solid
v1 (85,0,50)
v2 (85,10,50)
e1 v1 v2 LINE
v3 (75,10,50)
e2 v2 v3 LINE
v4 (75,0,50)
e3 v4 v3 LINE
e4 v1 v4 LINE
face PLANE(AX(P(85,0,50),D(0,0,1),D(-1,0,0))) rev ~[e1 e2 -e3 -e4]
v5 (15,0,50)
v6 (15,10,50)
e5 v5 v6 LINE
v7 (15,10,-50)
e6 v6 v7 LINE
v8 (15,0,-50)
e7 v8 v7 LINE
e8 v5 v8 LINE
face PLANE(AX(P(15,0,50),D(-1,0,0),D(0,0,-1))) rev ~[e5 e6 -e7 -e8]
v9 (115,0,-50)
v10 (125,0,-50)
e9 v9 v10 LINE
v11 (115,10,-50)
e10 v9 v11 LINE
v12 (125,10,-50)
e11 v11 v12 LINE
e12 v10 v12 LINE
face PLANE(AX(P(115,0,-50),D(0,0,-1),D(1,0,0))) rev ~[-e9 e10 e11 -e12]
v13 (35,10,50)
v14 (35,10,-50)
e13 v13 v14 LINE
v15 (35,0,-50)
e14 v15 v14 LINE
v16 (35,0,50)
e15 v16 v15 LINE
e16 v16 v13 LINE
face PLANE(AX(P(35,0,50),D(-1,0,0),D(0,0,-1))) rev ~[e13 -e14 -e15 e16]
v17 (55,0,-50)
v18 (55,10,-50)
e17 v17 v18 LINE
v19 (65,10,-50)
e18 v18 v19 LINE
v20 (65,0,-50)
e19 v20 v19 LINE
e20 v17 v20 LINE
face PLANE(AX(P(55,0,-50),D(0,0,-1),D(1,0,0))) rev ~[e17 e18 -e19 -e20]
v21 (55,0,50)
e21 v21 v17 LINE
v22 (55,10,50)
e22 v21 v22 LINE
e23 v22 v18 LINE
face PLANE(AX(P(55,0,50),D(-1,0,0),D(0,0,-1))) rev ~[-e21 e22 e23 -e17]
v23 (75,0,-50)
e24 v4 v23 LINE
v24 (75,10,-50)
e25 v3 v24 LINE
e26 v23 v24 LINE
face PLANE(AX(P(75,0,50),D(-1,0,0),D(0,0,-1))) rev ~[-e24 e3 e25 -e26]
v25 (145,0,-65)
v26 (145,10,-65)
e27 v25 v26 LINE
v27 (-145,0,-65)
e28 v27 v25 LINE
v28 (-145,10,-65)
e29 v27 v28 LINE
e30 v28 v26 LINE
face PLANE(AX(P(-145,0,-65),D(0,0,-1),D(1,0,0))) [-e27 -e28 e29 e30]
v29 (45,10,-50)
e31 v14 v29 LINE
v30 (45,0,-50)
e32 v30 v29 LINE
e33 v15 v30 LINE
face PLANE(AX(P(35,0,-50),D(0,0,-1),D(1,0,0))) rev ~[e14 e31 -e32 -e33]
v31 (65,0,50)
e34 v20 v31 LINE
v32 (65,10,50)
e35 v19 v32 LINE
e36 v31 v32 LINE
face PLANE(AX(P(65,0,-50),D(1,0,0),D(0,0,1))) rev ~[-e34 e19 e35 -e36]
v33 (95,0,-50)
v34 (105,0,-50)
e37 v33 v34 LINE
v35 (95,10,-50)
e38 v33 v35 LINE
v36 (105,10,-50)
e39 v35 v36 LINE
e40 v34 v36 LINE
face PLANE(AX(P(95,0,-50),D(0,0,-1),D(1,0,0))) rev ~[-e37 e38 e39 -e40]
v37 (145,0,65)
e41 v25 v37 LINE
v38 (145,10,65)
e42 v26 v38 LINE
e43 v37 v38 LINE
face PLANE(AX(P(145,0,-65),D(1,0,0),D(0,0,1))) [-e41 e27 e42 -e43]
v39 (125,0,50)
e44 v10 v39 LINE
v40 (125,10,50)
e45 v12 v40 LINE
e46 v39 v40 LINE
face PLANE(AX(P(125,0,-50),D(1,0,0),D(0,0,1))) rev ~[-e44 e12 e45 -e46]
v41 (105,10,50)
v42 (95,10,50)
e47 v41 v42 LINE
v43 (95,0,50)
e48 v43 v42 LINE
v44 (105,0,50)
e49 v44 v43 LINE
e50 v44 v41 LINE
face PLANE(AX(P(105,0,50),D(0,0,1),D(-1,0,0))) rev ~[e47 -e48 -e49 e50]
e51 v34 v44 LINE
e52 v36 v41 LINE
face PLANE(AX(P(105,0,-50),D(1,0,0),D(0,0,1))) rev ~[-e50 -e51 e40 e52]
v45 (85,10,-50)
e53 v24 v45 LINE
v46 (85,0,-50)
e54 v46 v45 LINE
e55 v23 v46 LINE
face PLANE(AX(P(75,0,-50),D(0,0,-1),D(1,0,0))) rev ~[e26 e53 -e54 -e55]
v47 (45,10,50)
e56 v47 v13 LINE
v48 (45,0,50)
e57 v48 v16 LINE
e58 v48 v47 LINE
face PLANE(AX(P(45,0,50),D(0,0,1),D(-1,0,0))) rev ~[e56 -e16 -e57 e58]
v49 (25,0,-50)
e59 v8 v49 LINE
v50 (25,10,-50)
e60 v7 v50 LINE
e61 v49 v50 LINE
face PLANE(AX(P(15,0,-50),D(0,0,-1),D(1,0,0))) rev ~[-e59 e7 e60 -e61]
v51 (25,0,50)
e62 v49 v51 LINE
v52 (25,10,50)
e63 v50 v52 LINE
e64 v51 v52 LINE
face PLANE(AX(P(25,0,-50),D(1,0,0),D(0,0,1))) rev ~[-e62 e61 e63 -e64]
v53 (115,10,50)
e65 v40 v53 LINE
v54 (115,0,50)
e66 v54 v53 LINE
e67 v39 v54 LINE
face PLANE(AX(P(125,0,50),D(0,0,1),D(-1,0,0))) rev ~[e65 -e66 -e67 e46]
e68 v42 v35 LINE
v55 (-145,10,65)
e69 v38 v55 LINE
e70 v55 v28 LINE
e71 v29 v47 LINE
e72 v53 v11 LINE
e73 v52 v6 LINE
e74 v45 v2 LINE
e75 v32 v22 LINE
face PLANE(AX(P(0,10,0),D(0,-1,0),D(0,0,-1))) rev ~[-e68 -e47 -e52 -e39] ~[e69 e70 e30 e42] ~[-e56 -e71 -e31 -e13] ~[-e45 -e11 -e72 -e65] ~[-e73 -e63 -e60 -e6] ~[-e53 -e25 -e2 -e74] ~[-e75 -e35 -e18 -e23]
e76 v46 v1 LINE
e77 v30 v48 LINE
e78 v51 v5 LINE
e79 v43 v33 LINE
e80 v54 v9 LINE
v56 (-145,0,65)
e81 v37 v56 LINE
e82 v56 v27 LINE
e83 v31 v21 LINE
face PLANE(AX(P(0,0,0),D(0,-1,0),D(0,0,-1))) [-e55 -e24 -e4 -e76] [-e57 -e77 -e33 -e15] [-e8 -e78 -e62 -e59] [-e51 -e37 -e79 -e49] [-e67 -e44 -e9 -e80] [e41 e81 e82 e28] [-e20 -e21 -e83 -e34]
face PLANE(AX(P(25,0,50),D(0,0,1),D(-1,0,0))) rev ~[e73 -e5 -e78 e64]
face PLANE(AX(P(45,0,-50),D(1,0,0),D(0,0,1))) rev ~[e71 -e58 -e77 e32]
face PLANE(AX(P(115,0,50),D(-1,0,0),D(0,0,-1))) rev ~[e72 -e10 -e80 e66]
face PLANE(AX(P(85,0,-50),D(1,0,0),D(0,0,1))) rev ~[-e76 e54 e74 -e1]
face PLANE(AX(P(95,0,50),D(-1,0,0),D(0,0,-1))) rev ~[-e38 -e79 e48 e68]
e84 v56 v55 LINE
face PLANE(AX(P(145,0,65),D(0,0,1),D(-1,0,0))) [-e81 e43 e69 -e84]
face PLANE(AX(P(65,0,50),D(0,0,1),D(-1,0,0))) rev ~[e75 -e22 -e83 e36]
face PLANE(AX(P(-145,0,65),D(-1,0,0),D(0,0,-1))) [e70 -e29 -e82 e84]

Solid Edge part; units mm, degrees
sketch "Sketch1" plane through (0, 0, 0) normal (0, -1, 0) x (1, 0, 0)
  line L0 (-145, -65) -> (145, -65)
  line L1 (145, -65) -> (145, 65)
  line L2 (145, 65) -> (-145, 65)
  line L3 (-145, 65) -> (-145, -65)
extrude "Protrusion1" add sketch "Sketch1" against normal blind 10
sketch "Sketch2" plane through (0, 0, 0) normal (0, -1, 0) x (1, 0, 0)
  line L0 (15, -50) -> (25, -50)
  line L1 (25, -50) -> (25, 50)
  line L2 (25, 50) -> (15, 50)
  line L3 (15, 50) -> (15, -50)
  line L4 (35, -50) -> (45, -50)
  line L5 (45, -50) -> (45, 50)
  line L6 (45, 50) -> (35, 50)
  line L7 (35, 50) -> (35, -50)
  line L8 (55, -50) -> (65, -50)
  line L9 (65, -50) -> (65, 50)
  line L10 (65, 50) -> (55, 50)
  line L11 (55, 50) -> (55, -50)
  line L12 (75, -50) -> (85, -50)
  line L13 (85, -50) -> (85, 50)
  line L14 (85, 50) -> (75, 50)
  line L15 (75, 50) -> (75, -50)
  line L16 (95, -50) -> (105, -50)
  line L17 (105, -50) -> (105, 50)
  line L18 (105, 50) -> (95, 50)
  line L19 (95, 50) -> (95, -50)
  line L20 (115, -50) -> (125, -50)
  line L21 (125, -50) -> (125, 50)
  line L22 (125, 50) -> (115, 50)
  line L23 (115, 50) -> (115, -50)
extrude "ExtrudedCutout_1" cut sketch "Sketch2" against normal blind 126.4806
